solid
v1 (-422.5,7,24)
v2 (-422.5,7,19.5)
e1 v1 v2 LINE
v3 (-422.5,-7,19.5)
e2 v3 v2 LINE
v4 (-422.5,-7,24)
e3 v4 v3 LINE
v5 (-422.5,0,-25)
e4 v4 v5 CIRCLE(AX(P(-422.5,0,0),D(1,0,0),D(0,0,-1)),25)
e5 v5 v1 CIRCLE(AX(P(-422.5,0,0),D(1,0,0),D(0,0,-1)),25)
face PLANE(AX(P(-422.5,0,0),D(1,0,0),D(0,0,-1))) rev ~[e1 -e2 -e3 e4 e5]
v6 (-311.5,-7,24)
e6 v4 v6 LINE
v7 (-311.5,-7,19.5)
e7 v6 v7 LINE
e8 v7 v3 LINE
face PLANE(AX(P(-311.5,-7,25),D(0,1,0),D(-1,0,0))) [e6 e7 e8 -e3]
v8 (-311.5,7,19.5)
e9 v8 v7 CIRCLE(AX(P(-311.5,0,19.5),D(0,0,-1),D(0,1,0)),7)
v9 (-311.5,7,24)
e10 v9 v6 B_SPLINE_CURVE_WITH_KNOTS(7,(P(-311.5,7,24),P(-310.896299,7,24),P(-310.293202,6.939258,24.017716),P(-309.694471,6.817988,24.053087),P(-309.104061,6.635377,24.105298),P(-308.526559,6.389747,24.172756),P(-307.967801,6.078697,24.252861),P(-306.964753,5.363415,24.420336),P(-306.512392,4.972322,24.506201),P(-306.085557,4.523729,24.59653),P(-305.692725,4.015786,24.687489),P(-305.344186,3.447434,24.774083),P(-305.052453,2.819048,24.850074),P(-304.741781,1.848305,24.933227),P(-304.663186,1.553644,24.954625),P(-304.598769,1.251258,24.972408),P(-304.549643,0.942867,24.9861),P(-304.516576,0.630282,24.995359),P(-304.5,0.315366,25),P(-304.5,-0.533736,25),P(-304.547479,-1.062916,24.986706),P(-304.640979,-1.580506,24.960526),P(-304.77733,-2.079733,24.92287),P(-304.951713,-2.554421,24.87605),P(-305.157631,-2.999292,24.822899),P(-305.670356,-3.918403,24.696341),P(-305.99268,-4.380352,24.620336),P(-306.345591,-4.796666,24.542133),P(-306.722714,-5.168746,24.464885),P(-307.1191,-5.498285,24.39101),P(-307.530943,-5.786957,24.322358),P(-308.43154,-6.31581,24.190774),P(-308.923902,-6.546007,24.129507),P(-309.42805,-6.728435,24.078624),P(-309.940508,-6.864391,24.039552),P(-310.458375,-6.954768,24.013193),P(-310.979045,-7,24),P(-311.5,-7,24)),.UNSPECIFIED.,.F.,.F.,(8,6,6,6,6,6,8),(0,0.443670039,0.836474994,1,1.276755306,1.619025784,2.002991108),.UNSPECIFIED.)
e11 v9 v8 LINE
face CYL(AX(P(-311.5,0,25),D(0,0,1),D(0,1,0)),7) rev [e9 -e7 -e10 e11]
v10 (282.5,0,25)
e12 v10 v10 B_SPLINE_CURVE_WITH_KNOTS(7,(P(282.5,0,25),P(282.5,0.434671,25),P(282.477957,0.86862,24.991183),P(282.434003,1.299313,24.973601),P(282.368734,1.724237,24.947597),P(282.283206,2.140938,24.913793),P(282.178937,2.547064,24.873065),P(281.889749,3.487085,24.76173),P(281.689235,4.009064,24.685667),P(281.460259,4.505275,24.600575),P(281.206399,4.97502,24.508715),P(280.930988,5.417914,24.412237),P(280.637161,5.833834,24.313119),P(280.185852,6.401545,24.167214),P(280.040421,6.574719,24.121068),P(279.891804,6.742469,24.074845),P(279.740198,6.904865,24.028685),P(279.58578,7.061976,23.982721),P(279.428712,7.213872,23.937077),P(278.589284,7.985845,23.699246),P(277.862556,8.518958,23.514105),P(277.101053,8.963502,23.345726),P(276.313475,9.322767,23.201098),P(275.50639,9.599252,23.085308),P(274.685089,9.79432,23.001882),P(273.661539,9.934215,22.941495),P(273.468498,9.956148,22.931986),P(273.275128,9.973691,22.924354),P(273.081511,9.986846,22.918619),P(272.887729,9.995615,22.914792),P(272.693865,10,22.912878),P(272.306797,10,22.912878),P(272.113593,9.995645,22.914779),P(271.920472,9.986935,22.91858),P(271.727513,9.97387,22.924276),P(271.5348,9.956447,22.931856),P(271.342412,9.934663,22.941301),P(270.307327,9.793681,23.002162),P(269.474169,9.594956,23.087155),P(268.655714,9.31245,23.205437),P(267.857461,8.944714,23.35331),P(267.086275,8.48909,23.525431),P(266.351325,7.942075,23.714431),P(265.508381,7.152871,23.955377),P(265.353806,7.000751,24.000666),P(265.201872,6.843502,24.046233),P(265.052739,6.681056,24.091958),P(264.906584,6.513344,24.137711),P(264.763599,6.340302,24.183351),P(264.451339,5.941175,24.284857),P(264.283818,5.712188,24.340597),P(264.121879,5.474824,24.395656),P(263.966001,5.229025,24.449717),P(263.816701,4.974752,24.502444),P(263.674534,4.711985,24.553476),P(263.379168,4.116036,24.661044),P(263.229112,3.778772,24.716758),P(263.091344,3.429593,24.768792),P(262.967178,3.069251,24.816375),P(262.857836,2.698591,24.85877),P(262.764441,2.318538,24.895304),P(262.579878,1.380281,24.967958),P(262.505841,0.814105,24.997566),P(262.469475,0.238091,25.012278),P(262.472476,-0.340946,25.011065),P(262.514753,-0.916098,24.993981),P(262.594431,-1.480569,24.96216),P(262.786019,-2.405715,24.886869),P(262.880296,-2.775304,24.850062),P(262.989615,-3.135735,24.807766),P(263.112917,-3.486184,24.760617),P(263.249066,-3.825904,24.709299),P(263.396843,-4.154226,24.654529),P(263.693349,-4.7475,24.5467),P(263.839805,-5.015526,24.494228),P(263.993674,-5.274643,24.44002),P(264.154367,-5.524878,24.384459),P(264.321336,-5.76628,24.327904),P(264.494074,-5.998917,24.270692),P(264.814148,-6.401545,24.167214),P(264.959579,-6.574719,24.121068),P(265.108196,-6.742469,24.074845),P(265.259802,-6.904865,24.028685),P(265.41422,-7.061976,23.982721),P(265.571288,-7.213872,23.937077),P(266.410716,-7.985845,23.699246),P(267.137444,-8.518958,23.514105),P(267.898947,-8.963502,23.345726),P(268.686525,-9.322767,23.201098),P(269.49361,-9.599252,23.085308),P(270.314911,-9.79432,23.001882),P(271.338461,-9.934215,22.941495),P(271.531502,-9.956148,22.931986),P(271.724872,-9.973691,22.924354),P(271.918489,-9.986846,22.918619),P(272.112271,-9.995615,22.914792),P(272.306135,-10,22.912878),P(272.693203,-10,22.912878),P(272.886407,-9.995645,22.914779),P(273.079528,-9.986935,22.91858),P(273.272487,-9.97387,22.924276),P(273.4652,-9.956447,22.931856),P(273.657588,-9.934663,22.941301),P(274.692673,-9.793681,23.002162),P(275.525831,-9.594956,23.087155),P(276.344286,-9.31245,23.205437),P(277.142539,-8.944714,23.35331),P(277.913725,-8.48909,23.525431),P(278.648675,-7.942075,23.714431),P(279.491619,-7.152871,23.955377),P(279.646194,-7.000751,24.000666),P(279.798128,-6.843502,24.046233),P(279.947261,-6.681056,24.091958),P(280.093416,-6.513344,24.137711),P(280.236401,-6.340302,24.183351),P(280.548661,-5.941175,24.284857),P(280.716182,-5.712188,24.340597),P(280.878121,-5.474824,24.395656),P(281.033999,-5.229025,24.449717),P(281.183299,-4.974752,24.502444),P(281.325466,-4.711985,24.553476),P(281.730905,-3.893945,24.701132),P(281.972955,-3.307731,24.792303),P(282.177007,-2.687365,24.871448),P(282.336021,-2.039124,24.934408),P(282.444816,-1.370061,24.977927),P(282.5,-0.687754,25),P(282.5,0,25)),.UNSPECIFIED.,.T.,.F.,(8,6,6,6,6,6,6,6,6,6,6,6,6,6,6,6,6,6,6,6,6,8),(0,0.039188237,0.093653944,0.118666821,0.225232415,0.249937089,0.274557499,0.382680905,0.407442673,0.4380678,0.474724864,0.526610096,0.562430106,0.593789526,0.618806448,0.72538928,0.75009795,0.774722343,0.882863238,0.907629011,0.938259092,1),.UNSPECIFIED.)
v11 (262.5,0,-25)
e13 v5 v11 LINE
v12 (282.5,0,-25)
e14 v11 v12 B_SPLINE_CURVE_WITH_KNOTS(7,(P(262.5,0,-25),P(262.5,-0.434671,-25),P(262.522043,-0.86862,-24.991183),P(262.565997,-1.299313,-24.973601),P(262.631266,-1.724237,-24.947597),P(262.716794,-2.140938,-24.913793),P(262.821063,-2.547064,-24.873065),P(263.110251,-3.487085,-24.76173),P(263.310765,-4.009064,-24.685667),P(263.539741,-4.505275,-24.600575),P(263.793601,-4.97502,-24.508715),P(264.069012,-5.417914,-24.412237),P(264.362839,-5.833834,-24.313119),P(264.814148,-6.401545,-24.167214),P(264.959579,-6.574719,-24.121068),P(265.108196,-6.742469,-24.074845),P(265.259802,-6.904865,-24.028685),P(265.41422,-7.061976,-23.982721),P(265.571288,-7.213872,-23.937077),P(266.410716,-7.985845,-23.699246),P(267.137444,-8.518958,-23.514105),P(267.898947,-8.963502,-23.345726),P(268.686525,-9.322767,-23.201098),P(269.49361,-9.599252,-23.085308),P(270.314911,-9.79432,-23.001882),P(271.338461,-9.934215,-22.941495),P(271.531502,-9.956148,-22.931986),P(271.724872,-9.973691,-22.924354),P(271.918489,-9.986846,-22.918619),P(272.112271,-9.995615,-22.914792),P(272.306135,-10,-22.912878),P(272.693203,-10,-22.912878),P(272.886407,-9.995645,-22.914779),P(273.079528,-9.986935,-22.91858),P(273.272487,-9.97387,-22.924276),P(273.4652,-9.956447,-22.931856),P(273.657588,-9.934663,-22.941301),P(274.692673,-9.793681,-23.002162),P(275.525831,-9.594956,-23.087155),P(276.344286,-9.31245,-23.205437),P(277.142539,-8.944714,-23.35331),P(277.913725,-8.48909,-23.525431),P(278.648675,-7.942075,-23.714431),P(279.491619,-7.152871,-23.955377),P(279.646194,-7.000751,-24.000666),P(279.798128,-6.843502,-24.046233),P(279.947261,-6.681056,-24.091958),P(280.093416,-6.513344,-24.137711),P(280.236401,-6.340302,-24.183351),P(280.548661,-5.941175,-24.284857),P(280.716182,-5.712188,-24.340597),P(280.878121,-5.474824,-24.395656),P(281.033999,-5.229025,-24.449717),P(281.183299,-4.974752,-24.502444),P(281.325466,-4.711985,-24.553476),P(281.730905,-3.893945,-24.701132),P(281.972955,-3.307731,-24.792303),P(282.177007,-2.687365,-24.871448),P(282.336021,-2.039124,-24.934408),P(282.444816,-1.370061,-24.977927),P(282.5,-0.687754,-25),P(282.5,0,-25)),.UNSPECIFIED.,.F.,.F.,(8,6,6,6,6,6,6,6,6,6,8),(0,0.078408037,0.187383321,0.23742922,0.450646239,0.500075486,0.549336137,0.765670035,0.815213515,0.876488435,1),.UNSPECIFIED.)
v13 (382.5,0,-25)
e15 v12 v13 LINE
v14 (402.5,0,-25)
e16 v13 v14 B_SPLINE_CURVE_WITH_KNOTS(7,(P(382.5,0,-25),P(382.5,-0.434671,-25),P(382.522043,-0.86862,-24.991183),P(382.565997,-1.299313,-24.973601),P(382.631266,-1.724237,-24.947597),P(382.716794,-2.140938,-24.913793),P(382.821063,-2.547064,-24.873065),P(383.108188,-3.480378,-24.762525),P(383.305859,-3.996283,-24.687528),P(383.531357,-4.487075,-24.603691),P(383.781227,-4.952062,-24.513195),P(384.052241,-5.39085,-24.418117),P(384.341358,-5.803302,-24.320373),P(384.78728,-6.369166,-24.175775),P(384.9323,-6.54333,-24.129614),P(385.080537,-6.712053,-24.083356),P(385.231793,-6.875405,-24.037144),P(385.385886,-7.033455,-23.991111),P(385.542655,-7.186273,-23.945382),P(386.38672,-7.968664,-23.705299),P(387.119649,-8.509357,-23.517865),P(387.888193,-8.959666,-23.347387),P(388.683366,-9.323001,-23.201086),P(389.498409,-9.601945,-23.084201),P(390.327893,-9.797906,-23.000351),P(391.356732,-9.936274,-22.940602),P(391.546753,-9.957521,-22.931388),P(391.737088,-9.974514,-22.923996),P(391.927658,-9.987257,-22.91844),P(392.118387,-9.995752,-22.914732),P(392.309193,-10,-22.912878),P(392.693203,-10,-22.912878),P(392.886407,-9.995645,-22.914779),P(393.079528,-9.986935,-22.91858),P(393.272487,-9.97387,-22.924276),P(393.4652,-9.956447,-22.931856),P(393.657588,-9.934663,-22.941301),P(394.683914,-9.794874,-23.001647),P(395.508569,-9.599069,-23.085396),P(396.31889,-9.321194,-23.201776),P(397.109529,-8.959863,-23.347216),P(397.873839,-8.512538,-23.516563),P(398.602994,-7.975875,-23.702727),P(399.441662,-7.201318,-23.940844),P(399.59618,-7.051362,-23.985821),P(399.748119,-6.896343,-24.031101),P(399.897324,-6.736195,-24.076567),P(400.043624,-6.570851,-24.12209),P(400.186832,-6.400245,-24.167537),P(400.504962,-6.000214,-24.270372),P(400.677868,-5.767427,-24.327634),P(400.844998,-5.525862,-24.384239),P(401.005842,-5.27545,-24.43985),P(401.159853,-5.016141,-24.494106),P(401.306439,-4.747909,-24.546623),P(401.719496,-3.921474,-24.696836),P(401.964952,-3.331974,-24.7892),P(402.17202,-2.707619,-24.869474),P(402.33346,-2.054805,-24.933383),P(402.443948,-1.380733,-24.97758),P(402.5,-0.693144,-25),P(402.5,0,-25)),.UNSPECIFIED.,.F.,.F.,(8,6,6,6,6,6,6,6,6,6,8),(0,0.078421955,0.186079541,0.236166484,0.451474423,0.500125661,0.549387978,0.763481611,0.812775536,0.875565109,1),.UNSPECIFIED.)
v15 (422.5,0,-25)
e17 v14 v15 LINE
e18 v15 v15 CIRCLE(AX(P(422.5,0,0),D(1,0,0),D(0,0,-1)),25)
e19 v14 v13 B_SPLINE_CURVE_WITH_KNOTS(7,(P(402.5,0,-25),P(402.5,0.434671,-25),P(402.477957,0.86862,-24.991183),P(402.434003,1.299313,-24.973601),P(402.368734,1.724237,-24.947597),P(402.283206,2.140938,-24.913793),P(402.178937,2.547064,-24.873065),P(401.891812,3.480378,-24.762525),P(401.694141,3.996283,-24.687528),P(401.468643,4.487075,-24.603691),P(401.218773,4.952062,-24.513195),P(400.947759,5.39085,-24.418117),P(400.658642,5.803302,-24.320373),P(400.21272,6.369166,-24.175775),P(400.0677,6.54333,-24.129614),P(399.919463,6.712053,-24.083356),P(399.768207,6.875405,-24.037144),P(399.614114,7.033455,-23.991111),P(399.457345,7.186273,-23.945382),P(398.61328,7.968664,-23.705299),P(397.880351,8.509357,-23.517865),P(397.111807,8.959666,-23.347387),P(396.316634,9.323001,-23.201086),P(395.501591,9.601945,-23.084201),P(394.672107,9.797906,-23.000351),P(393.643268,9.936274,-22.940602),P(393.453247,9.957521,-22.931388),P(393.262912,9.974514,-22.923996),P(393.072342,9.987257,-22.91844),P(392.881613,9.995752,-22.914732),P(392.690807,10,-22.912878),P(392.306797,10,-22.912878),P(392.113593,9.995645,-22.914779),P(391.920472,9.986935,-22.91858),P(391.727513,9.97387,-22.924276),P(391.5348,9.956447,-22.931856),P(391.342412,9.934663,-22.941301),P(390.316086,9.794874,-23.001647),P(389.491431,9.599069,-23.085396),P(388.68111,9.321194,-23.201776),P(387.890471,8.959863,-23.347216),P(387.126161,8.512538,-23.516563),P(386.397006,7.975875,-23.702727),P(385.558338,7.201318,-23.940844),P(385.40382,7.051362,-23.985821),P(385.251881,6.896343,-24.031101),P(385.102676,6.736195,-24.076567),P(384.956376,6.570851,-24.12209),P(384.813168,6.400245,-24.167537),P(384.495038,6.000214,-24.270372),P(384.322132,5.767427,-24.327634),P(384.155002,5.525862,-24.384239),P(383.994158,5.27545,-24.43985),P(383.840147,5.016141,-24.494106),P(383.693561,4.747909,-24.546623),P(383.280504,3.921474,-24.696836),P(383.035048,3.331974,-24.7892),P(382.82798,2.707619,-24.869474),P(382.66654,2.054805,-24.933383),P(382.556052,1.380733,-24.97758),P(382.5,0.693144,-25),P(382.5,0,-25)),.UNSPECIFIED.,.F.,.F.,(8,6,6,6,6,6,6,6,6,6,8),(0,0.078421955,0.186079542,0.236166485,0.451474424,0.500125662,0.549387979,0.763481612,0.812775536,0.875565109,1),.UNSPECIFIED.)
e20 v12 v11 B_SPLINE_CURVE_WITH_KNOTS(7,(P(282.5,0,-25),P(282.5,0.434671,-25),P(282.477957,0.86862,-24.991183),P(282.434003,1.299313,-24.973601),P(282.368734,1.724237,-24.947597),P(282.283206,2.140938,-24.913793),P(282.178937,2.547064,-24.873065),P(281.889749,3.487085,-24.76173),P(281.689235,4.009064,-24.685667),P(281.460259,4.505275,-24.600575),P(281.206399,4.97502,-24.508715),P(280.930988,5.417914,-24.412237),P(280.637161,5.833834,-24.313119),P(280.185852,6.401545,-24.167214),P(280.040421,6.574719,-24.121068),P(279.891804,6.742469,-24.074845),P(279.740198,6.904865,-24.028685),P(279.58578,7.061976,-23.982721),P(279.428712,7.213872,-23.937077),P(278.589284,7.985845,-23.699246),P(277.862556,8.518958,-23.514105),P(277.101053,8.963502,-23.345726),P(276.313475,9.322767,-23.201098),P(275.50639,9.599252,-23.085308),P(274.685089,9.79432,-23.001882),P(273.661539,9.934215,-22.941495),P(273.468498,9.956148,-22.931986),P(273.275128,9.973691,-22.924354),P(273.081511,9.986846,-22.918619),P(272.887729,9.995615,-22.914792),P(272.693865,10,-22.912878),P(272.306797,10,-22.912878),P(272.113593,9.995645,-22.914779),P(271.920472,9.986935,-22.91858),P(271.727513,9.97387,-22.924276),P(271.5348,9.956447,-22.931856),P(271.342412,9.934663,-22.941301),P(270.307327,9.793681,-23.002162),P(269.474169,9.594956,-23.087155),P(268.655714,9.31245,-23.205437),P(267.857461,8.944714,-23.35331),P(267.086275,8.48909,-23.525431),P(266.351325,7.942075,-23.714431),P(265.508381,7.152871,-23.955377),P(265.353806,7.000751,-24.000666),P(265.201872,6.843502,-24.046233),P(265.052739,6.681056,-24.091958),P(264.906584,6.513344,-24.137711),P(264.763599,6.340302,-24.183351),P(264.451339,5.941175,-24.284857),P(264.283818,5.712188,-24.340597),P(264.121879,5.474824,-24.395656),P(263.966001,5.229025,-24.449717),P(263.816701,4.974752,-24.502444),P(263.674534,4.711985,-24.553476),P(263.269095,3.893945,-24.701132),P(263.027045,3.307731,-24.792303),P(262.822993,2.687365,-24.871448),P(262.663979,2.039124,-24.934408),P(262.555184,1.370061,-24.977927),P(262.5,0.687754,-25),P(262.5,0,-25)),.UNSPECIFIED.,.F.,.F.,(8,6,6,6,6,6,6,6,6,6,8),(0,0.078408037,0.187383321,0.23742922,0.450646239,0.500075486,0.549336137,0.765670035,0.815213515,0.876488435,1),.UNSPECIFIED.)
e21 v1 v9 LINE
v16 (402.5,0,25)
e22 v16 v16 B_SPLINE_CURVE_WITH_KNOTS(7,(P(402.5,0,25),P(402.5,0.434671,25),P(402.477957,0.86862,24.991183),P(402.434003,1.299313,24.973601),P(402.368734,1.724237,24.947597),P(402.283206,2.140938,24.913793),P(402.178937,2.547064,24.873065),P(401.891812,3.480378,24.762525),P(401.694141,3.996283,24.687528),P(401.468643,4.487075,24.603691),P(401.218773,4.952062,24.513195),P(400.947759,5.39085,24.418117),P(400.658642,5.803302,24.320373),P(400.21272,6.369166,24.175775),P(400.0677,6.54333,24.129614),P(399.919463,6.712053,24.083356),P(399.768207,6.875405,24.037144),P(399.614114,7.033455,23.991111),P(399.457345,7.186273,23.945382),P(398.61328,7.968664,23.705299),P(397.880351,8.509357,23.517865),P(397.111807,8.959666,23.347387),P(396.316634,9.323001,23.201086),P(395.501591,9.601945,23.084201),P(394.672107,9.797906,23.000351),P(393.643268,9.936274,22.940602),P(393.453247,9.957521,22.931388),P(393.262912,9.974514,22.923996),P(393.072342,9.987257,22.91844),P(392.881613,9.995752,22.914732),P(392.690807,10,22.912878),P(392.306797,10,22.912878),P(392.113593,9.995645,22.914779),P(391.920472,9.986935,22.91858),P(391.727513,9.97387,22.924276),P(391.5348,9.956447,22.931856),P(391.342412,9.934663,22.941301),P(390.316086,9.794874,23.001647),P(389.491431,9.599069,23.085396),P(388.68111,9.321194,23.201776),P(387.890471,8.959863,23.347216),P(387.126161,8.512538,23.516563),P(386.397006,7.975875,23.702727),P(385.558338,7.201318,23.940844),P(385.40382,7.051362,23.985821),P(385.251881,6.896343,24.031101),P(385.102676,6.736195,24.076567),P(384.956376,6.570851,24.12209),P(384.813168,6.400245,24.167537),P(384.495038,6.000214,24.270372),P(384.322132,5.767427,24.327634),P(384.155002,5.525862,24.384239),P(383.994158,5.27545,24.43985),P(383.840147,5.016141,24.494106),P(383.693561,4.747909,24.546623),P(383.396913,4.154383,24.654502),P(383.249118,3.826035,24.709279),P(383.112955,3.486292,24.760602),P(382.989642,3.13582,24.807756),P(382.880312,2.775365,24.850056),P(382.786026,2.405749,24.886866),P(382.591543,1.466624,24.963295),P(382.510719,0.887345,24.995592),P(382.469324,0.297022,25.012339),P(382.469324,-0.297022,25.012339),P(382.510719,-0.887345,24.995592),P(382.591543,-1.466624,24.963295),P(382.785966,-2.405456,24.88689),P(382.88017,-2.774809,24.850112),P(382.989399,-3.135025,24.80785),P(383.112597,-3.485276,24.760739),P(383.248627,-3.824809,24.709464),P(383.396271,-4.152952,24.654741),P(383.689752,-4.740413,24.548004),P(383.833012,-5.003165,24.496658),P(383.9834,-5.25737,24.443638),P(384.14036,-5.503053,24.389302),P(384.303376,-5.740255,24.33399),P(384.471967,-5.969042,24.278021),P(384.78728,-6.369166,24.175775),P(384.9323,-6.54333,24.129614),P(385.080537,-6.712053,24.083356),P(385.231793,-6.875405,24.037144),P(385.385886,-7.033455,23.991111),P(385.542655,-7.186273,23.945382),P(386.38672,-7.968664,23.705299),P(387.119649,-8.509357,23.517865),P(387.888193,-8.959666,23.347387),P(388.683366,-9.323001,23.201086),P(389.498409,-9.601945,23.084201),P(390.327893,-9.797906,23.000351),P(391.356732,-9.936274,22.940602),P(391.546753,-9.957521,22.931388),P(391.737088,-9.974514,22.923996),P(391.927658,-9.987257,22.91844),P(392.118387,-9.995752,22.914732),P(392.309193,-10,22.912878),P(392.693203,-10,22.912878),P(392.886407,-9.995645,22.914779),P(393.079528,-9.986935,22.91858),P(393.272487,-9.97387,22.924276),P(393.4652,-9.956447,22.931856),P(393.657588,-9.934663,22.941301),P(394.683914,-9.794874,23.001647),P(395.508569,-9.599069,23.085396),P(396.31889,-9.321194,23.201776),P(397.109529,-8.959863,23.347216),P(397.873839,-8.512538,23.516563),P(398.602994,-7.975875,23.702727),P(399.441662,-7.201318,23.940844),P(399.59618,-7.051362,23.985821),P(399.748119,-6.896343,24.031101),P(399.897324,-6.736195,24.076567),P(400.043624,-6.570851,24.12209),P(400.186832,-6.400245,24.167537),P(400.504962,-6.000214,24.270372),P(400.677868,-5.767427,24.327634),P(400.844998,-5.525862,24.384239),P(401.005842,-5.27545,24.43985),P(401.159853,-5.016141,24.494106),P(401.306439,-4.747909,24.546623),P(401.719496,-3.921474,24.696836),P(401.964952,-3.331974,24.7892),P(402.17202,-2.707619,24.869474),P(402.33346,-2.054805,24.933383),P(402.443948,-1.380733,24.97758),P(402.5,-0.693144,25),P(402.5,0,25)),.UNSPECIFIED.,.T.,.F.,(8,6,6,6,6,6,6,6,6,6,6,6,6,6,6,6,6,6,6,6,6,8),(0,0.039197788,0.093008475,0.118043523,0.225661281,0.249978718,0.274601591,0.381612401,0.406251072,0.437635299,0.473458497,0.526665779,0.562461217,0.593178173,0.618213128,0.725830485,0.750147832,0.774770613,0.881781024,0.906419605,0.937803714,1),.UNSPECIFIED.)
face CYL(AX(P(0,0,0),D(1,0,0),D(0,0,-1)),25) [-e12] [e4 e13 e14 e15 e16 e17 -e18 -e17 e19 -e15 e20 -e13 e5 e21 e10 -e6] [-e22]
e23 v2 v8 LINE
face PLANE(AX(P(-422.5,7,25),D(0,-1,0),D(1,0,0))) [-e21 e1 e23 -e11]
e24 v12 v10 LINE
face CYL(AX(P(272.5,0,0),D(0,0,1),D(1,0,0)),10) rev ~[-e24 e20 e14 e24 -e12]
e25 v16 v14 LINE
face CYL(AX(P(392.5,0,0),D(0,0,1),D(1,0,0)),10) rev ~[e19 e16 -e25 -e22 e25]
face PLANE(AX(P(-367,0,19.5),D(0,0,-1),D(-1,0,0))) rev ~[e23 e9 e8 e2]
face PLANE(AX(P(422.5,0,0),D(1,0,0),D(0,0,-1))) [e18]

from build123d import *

# Parameters (mm, degrees)
SKETCH1_R           = 25
BOSS_EXTRUDE1_DEPTH = 422.5
SKETCH2_R           = 10
CUT_EXTRUDE1_DEPTH  = 160
CUT_EXTRUDE3_DEPTH  = 5.5


with BuildPart() as part:
    # Sketch1 → Boss-Extrude1 (new, symmetric)
    with BuildSketch(Plane(origin=(0, 0, 0), x_dir=(0, 0, -1), z_dir=(1, 0, 0))):
        Circle(SKETCH1_R)
    extrude(amount=BOSS_EXTRUDE1_DEPTH, both=True)

    # Sketch2 → Cut-Extrude1 (cut, symmetric)
    with BuildSketch(Plane.XY):
        with Locations((392.5, 0)):
            Circle(SKETCH2_R)
        with Locations((272.5, 0)):
            Circle(SKETCH2_R)
    extrude(amount=CUT_EXTRUDE1_DEPTH, both=True, mode=Mode.SUBTRACT)

    # Sketch4 → Cut-Extrude3 (cut)
    with BuildSketch(Plane.XY.offset(25)):
        with BuildLine():
            Line((-422.5, 7), (-311.5, 7))
            ThreePointArc((-311.5, 7), (-304.5, 0), (-311.5, -7))
            Line((-311.5, -7), (-422.5, -7))
            ThreePointArc((-422.5, -7), (-429.5, 0), (-422.5, 7))
        make_face()
    extrude(amount=-CUT_EXTRUDE3_DEPTH, mode=Mode.SUBTRACT)


solid = part.part
